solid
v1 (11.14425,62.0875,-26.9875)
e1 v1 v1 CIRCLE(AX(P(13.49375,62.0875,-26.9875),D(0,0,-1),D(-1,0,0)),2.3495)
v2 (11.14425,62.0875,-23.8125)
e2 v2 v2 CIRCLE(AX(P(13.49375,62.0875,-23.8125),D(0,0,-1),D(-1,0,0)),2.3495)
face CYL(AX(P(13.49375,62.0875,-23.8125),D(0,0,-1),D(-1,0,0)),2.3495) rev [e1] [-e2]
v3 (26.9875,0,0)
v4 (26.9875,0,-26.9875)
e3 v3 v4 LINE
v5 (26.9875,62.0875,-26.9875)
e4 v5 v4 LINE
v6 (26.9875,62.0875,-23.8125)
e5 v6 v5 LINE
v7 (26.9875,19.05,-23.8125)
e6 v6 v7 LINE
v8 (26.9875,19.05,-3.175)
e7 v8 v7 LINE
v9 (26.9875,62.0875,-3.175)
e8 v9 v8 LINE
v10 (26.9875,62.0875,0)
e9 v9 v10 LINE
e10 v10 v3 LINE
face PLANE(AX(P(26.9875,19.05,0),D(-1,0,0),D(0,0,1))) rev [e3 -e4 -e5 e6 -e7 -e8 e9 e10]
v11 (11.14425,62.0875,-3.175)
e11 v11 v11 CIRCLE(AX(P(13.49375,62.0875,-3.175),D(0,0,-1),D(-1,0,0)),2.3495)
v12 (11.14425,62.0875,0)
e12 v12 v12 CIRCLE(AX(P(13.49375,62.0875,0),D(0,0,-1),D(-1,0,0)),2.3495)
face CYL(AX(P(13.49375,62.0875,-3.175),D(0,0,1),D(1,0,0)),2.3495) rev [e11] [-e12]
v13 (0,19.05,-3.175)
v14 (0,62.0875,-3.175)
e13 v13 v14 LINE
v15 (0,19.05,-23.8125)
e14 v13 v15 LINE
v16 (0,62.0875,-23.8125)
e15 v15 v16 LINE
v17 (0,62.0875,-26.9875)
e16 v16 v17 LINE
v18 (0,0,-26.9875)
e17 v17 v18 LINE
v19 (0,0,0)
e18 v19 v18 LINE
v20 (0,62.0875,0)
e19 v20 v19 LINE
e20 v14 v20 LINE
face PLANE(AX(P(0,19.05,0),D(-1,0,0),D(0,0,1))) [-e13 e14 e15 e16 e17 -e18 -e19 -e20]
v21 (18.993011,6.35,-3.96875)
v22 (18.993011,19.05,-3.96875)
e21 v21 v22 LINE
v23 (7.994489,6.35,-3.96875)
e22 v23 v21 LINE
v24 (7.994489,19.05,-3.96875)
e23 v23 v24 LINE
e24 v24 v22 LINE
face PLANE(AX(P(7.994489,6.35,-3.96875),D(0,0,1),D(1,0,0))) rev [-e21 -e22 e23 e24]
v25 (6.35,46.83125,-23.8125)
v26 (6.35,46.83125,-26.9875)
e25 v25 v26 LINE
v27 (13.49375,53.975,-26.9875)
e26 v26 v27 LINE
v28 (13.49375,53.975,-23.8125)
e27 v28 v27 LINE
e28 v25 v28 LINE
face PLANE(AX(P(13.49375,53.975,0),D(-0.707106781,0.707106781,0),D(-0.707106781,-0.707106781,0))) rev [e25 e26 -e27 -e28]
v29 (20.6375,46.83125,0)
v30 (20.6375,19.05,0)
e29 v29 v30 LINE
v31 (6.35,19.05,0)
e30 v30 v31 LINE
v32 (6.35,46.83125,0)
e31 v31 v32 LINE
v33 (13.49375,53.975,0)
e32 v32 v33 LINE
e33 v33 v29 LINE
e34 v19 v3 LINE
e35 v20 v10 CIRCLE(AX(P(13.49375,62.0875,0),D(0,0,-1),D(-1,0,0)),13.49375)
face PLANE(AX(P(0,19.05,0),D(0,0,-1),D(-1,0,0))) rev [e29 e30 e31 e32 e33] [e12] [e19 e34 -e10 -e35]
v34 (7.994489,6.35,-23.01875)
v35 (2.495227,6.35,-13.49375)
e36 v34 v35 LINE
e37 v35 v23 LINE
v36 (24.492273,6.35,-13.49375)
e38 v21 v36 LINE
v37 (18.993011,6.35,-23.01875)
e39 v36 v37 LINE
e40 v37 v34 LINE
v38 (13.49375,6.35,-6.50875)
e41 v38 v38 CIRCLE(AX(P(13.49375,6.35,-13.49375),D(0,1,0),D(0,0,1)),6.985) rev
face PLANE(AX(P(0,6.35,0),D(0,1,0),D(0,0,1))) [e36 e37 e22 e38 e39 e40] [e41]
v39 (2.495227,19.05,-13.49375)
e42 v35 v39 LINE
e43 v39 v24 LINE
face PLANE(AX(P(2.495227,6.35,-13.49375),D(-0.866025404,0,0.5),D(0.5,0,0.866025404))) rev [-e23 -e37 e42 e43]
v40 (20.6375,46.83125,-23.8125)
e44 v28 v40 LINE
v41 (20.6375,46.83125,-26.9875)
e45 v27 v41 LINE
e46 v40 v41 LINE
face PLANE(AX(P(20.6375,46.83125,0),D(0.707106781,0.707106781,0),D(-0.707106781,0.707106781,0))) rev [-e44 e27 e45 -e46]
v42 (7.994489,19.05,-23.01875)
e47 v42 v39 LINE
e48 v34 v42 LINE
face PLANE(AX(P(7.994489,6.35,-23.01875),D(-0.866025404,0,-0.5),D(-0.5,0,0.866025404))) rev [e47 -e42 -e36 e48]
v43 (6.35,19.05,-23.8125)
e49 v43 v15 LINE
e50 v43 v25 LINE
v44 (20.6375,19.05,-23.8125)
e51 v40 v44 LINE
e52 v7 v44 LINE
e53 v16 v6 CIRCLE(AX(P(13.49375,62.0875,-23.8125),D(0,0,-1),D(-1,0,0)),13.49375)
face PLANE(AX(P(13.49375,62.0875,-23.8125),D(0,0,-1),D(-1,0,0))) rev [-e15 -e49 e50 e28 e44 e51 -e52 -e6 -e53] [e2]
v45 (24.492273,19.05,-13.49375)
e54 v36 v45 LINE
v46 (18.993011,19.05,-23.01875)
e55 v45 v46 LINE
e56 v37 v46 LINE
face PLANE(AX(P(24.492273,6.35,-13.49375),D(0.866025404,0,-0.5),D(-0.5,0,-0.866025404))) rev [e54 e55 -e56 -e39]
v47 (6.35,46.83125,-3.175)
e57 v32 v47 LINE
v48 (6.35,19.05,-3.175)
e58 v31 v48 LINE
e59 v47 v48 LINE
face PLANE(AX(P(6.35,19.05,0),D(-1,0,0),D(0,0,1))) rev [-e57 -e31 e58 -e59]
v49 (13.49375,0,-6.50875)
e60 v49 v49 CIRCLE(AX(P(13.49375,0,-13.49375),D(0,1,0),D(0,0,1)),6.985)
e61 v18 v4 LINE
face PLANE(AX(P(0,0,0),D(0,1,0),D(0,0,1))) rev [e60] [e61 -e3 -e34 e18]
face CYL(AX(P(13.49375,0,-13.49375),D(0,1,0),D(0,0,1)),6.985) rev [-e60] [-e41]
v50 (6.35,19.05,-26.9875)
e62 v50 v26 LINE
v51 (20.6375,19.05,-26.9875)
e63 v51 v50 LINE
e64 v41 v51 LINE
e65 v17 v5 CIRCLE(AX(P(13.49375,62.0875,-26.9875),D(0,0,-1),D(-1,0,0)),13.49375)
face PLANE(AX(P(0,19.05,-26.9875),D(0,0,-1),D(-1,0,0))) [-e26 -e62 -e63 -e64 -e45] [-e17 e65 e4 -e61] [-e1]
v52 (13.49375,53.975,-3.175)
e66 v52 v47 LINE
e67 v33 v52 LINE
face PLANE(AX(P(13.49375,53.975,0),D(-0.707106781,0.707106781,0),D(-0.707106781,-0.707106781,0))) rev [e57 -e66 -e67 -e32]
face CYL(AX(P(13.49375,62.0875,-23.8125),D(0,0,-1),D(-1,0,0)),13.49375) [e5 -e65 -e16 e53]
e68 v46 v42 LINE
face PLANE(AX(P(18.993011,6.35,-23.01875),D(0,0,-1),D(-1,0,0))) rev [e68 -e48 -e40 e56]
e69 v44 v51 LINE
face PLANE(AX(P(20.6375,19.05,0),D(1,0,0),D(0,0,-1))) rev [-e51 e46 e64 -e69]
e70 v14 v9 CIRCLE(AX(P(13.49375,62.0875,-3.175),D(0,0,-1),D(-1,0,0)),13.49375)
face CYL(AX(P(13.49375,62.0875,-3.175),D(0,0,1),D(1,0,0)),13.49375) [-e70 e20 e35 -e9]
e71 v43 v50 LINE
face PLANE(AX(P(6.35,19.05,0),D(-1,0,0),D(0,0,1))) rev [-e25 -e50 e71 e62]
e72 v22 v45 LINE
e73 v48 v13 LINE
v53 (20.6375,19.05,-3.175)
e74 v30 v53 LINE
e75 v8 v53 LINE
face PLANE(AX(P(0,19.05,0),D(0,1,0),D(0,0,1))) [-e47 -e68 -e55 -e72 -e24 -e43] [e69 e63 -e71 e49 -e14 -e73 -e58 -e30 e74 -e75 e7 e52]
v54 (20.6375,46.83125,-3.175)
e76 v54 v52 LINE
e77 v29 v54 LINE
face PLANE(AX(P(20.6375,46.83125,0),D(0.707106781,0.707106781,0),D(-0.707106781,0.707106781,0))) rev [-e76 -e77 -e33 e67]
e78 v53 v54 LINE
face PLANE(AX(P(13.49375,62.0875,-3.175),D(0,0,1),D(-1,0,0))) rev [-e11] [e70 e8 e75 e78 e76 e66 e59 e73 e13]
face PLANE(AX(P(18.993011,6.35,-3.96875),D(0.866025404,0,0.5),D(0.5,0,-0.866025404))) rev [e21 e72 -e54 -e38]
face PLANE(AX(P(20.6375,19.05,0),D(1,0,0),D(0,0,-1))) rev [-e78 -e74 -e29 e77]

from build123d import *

# Parameters (mm, degrees)
SKETCH1_W           = 26.9875
SKETCH1_H           = 26.9875
BOSS_EXTRUDE1_DEPTH = 19.05
SKETCH2_R           = 6.985
CUT_EXTRUDE1_DEPTH  = 20.05
CUT_EXTRUDE4_DEPTH  = 12.7
SKETCH4_R           = 2.3495
BOSS_EXTRUDE2_DEPTH = 3.175
CUT_EXTRUDE5_DEPTH  = 27.9875


with BuildPart() as part:
    # Sketch1 → Boss-Extrude1 (new body)
    with BuildSketch(Plane(origin=(0, 0, 0), x_dir=(1, 0, 0), z_dir=(0, 1, 0))):
        with Locations((13.49375, 13.49375)):
            Rectangle(SKETCH1_W, SKETCH1_H)
    extrude(amount=BOSS_EXTRUDE1_DEPTH)

    # Sketch2 → Cut-Extrude1 (cut, through all)
    with BuildSketch(Plane(origin=(0, 19.05, 0), x_dir=(1, 0, 0), z_dir=(0, 1, 0))):
        with Locations((13.49375, 13.49375)):
            Circle(SKETCH2_R)
    extrude(amount=-CUT_EXTRUDE1_DEPTH, mode=Mode.SUBTRACT)

    # Sketch3 → Cut-Extrude4 (cut)
    with BuildSketch(Plane(origin=(0, 19.05, 0), x_dir=(1, 0, 0), z_dir=(0, 1, 0))):
        Polygon((18.993011314, 23.01875), (7.994488686, 23.01875), (2.495227372, 13.49375), (7.994488686, 3.96875), (18.993011314, 3.96875), (24.492272628, 13.49375), align=None)
    extrude(amount=-CUT_EXTRUDE4_DEPTH, mode=Mode.SUBTRACT)

    # Sketch4 → Boss-Extrude2 (add)
    with BuildSketch(Plane(origin=(0, 0, -26.9875), x_dir=(-1, 0, 0), z_dir=(0, 0, -1))):
        with BuildLine():
            Line((0, 19.05), (-26.9875, 19.05))
            Line((-26.9875, 19.05), (-26.9875, 62.0875))
            ThreePointArc((-26.9875, 62.0875), (-13.49375, 75.58125), (0, 62.0875))
            Line((0, 62.0875), (0, 19.05))
        make_face()
        with Locations((-13.49375, 62.0875)):
            Circle(SKETCH4_R, mode=Mode.SUBTRACT)
    boss_extrude2 = extrude(amount=-BOSS_EXTRUDE2_DEPTH)

    # Mirror1: Boss-Extrude2 across plane
    add(boss_extrude2.mirror(Plane(origin=(0, 0, -13.49375), x_dir=(1, 0, 0), z_dir=(0, 0, -1))))

    # Sketch6 → Cut-Extrude5 (cut, through all)
    with BuildSketch(Plane(origin=(0, 0, -26.9875), x_dir=(-1, 0, 0), z_dir=(0, 0, -1))):
        Polygon((-20.6375, 46.83125), (-13.49375, 53.975), (-6.35, 46.83125), (-6.35, 19.05), (-20.6375, 19.05), align=None)
    extrude(amount=-CUT_EXTRUDE5_DEPTH, mode=Mode.SUBTRACT)


solid = part.part
